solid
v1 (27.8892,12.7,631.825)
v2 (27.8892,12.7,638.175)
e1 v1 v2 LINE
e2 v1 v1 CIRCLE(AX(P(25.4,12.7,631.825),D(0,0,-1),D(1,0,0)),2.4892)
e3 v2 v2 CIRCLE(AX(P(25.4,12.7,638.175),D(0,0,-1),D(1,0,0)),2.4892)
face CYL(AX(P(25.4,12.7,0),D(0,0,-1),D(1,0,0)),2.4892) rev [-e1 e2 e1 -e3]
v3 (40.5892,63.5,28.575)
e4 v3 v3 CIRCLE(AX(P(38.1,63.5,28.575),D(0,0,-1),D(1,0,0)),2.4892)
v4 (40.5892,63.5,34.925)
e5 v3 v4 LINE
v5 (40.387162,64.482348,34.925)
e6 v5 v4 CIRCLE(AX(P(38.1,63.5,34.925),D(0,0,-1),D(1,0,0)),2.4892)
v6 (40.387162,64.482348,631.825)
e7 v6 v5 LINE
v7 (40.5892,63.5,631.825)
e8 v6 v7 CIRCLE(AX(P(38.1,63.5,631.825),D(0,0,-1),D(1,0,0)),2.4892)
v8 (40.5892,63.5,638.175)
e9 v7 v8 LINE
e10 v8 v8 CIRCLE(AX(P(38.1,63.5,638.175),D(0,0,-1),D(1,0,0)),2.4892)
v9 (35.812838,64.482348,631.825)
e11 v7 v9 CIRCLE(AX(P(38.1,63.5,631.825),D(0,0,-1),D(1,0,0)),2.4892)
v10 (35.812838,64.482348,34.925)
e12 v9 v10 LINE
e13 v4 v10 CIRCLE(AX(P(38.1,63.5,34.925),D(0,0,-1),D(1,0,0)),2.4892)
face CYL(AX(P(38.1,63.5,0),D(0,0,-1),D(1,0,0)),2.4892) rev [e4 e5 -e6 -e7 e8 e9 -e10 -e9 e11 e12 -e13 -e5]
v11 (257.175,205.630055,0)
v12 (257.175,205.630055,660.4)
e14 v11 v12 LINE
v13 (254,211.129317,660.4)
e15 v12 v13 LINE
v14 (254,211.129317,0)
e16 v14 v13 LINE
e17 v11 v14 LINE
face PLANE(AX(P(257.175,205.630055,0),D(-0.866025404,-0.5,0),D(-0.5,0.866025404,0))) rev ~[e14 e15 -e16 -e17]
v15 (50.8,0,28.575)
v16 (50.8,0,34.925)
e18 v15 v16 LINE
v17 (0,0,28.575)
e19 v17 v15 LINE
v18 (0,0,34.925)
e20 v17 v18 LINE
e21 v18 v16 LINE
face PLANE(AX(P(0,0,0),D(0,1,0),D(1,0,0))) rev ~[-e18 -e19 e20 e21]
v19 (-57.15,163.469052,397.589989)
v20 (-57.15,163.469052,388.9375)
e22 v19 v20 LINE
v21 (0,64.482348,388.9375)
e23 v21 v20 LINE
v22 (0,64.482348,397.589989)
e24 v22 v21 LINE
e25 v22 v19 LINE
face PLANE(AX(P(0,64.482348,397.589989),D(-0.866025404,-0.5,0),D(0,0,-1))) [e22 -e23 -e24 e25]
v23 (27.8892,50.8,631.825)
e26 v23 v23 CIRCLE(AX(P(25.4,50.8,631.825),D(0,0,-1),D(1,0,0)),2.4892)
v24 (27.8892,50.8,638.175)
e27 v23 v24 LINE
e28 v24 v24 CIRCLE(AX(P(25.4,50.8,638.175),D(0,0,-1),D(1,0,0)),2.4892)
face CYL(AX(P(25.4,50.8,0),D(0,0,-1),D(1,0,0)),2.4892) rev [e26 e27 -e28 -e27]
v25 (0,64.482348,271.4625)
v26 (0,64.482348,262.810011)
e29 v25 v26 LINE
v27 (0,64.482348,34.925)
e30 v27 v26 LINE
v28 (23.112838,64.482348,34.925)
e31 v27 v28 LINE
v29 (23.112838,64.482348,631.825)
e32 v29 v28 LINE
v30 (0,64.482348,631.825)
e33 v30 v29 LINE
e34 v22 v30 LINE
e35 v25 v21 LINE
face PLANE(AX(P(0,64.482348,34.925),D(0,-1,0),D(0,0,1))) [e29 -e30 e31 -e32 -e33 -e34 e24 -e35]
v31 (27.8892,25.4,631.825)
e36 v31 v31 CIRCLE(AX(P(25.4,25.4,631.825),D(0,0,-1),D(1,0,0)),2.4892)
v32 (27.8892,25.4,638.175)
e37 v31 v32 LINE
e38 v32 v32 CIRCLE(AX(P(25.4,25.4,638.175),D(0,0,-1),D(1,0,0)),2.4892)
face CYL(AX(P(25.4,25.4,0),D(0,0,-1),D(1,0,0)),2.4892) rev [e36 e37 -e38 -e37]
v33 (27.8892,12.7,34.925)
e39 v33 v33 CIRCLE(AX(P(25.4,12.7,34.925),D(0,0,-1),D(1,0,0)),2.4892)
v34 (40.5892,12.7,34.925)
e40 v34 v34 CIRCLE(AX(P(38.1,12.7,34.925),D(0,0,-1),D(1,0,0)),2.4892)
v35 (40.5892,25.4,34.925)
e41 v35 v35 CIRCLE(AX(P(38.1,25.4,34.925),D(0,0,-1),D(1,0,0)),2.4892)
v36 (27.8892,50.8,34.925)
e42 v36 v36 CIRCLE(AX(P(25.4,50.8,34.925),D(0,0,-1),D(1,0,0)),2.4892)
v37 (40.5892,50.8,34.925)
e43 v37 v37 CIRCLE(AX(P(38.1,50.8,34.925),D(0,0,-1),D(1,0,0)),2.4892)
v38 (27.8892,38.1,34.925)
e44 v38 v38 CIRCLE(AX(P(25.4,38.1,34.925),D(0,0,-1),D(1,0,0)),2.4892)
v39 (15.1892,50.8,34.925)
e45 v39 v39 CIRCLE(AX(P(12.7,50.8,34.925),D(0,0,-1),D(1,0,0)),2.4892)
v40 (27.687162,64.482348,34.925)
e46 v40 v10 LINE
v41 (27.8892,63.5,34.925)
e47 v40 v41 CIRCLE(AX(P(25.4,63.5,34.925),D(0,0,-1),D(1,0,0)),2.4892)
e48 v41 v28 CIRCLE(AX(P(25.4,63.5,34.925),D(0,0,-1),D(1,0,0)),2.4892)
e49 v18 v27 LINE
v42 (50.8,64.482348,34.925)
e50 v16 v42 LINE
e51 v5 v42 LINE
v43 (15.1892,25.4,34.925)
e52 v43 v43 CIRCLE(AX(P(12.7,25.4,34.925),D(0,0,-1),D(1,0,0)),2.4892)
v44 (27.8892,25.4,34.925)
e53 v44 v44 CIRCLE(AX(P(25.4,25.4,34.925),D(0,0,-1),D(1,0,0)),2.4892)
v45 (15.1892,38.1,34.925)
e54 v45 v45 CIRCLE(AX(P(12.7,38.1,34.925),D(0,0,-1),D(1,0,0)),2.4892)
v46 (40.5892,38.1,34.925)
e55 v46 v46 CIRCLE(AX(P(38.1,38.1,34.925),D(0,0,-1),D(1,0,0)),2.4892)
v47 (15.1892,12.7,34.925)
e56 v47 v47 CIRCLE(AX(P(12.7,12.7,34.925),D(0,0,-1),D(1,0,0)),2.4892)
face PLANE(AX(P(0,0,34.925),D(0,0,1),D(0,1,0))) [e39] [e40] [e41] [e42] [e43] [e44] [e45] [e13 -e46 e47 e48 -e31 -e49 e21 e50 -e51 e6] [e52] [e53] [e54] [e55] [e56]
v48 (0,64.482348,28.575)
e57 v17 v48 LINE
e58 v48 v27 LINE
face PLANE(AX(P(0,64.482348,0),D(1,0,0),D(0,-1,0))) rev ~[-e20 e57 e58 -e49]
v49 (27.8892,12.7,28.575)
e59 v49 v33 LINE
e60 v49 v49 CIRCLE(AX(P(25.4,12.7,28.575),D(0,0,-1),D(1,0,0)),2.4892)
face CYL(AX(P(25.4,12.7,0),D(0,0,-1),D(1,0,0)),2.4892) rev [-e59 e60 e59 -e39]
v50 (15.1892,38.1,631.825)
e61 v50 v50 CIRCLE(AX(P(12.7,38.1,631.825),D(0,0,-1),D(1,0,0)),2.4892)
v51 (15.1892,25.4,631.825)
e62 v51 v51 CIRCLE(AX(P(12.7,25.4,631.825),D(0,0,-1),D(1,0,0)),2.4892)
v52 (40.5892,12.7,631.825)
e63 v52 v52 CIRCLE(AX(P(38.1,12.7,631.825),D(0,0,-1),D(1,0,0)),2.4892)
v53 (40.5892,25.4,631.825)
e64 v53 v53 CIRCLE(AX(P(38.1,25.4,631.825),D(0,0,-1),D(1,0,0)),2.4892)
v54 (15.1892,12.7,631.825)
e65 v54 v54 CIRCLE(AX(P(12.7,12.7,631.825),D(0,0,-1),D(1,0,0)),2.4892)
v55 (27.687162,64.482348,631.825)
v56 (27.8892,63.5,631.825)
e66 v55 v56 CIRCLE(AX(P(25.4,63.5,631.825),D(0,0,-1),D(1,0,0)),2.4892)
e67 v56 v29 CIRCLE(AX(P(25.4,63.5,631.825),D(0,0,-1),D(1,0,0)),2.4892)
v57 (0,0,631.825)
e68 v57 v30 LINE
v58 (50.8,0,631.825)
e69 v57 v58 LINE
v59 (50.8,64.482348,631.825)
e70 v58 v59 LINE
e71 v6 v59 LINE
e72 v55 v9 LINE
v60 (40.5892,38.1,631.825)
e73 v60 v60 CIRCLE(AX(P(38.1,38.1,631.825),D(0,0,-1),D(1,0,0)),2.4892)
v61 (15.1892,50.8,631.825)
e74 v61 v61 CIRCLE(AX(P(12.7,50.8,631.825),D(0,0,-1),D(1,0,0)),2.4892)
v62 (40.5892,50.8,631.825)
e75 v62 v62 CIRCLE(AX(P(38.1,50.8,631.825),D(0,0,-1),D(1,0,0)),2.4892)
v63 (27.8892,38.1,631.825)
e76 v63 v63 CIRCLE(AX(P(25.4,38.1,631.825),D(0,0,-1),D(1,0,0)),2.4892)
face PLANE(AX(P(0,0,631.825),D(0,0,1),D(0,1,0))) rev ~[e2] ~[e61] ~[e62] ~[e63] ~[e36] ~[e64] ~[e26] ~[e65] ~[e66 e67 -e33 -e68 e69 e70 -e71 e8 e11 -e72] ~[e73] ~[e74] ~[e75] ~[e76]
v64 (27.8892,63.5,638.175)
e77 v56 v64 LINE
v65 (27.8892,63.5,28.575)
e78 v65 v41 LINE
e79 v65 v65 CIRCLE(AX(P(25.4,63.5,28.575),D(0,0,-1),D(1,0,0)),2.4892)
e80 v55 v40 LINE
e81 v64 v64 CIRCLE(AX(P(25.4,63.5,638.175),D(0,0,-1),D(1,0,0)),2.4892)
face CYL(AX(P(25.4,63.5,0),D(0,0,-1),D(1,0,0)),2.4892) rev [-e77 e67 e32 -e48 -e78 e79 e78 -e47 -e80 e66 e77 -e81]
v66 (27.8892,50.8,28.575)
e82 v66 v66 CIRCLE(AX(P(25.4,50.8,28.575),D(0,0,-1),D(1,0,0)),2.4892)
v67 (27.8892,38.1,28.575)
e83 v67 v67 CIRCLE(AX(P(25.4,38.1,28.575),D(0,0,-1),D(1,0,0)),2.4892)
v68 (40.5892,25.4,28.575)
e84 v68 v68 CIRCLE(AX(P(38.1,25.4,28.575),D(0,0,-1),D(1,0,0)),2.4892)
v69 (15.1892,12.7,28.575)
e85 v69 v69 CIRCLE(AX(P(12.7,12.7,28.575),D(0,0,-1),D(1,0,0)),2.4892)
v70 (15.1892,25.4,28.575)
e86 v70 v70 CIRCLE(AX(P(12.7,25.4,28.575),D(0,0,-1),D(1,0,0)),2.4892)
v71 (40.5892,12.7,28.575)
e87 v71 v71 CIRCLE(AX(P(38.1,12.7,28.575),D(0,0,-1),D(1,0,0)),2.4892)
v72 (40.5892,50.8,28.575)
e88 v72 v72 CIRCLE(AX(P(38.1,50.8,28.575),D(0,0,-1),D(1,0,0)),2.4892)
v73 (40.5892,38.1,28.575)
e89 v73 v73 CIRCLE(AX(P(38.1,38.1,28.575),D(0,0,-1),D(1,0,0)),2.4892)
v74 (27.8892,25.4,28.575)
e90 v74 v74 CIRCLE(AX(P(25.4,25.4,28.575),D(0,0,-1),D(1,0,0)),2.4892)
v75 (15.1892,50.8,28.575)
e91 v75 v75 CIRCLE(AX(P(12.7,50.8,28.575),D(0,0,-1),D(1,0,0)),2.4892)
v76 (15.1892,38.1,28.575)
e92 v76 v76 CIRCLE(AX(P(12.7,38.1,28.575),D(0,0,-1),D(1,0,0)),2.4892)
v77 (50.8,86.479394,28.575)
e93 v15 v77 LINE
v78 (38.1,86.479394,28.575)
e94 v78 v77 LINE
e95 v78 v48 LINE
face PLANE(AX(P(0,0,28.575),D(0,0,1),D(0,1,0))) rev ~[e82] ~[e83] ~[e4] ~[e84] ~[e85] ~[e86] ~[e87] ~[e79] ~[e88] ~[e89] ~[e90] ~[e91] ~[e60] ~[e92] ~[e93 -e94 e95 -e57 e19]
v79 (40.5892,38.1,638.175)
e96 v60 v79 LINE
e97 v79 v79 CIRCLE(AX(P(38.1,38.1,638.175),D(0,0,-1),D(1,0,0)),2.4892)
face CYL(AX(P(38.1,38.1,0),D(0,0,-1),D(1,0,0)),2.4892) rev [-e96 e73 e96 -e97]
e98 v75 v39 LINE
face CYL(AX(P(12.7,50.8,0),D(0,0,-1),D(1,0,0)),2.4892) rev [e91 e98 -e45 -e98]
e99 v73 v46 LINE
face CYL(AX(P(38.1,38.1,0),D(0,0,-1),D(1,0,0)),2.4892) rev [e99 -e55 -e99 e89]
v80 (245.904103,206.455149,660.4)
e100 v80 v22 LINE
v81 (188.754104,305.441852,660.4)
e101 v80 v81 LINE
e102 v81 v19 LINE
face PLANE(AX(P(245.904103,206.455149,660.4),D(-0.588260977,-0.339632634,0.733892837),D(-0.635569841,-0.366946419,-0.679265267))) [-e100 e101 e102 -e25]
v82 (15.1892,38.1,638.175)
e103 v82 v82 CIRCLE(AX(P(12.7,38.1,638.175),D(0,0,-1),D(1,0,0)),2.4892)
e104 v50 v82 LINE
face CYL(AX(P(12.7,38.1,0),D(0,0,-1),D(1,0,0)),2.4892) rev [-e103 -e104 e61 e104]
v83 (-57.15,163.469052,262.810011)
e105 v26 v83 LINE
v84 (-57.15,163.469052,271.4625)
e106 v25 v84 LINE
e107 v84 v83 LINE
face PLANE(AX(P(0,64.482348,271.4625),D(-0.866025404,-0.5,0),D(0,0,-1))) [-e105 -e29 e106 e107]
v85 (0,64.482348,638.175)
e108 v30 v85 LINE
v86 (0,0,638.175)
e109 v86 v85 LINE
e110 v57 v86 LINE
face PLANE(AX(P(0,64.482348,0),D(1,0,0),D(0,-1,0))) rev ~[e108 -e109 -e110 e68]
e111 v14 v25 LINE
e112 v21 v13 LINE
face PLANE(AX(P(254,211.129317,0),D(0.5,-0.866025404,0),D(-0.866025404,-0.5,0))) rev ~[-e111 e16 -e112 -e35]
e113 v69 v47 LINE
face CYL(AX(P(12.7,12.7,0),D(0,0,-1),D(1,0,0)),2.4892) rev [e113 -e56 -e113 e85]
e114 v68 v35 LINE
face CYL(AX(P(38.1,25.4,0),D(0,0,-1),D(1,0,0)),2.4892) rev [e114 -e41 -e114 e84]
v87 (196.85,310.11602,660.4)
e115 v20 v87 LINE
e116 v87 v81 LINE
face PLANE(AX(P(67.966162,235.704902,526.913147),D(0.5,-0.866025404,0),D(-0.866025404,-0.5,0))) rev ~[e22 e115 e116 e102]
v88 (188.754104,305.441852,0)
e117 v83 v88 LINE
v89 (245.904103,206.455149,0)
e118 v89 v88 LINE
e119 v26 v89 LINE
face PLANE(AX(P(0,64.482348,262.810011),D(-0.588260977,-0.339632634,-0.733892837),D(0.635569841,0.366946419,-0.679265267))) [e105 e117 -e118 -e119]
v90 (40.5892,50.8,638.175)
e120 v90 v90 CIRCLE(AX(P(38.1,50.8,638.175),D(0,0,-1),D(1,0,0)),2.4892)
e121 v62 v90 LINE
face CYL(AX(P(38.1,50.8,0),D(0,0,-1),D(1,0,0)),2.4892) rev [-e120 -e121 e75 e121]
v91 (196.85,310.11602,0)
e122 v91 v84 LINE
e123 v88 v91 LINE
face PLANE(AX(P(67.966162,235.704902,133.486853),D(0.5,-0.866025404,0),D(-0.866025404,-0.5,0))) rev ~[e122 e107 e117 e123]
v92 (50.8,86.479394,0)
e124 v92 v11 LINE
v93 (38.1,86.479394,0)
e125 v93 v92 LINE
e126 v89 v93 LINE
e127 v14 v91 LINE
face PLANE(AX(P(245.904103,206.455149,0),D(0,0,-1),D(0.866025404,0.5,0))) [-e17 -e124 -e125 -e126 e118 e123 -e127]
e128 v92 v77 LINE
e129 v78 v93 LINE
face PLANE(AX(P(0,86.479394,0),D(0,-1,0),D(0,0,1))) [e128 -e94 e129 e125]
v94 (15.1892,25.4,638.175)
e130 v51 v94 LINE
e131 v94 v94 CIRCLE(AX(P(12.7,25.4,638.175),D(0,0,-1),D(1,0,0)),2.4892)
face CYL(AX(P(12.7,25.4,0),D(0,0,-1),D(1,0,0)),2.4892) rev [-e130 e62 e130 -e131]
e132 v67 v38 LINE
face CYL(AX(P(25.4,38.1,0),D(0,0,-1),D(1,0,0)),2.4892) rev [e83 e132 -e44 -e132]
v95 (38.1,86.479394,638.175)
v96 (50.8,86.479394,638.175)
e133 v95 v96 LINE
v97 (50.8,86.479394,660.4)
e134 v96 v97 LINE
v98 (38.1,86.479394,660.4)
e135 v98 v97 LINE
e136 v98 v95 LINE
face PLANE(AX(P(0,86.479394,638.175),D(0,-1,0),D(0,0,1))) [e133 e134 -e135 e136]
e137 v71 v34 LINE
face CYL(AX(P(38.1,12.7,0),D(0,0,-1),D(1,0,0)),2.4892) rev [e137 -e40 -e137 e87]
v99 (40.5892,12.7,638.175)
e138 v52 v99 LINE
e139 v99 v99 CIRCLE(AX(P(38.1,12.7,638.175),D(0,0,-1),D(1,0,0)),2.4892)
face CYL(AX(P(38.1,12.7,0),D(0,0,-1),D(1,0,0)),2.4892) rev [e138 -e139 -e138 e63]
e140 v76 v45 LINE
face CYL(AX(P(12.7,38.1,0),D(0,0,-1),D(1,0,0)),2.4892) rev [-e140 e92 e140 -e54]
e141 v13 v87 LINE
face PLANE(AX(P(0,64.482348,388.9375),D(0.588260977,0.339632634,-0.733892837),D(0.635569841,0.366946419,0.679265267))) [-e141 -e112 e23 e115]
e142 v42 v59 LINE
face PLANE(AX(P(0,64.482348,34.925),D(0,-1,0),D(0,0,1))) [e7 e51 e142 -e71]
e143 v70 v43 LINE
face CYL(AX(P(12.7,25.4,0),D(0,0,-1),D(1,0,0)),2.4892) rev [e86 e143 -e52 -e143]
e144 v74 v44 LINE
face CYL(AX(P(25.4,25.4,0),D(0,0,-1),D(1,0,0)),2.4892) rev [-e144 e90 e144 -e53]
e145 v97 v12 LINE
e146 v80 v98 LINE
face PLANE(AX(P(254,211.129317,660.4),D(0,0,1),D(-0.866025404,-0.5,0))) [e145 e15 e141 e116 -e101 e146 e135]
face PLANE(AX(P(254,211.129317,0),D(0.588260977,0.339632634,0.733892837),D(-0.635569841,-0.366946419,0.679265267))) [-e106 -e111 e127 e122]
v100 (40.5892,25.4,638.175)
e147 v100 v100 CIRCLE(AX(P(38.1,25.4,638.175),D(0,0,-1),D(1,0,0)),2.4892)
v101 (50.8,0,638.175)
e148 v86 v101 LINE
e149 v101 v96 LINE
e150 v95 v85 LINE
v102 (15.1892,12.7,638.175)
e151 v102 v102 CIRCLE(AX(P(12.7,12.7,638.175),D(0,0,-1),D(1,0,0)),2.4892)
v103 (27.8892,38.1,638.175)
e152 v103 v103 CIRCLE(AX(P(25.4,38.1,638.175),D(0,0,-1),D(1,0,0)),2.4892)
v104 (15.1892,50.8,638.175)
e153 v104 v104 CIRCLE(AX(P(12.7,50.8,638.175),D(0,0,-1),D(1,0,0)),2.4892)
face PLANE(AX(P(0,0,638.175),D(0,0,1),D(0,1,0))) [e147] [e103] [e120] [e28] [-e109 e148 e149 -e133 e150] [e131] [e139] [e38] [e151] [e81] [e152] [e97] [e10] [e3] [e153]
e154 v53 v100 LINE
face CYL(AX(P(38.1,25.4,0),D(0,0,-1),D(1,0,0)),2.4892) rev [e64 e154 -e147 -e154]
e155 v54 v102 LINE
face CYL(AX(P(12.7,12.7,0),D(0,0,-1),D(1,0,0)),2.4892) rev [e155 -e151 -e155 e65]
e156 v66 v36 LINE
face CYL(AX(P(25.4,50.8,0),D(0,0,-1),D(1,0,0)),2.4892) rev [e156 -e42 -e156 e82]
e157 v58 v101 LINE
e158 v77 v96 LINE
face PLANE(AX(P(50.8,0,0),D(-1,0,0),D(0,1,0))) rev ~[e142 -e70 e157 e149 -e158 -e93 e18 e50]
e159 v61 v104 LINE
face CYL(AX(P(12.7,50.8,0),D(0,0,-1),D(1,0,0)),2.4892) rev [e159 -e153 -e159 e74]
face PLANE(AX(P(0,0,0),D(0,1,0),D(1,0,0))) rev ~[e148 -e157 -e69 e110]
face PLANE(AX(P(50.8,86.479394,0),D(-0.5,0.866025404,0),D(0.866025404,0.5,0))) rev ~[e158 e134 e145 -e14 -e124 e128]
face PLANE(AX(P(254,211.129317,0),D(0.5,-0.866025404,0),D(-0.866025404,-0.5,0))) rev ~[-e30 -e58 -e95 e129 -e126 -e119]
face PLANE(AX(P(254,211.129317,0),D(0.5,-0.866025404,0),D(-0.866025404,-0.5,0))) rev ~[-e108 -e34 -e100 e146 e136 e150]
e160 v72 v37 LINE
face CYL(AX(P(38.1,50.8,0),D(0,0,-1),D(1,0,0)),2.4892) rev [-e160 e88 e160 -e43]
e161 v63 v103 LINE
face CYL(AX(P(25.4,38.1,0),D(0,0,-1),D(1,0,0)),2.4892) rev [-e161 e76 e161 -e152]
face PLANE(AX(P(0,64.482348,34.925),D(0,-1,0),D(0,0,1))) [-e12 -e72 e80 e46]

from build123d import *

# Parameters (mm, degrees)
SKETCH1_R           = 2.4892
BOSS_EXTRUDE1_DEPTH = 660.4
SKETCH2_W           = 596.9
SKETCH2_H           = 64.482348419
SKETCH2_W_2         = 28.575
SKETCH2_H_2         = 86.479393675
SKETCH2_W_3         = 22.225
CUT_EXTRUDE1_DEPTH  = 660.4
BOSS_EXTRUDE3_DEPTH = 114.3


with BuildPart() as part:
    # Sketch1 → Boss-Extrude1 (new body)
    with BuildSketch(Plane.XY):
        Polygon((0, 64.482348419), (0, 0), (50.8, 0), (50.8, 86.479393675), (257.175, 205.630055479), (254, 211.129316793), align=None)
        with Locations((38.1, 63.5)):
            Circle(SKETCH1_R, mode=Mode.SUBTRACT)
        with Locations((12.7, 12.7)):
            Circle(SKETCH1_R, mode=Mode.SUBTRACT)
        with Locations((25.4, 12.7)):
            Circle(SKETCH1_R, mode=Mode.SUBTRACT)
        with Locations((12.7, 25.4)):
            Circle(SKETCH1_R, mode=Mode.SUBTRACT)
        with Locations((25.4, 25.4)):
            Circle(SKETCH1_R, mode=Mode.SUBTRACT)
        with Locations((38.1, 12.7)):
            Circle(SKETCH1_R, mode=Mode.SUBTRACT)
        with Locations((38.1, 25.4)):
            Circle(SKETCH1_R, mode=Mode.SUBTRACT)
        with Locations((12.7, 38.1)):
            Circle(SKETCH1_R, mode=Mode.SUBTRACT)
        with Locations((25.4, 38.1)):
            Circle(SKETCH1_R, mode=Mode.SUBTRACT)
        with Locations((12.7, 50.8)):
            Circle(SKETCH1_R, mode=Mode.SUBTRACT)
        with Locations((25.4, 50.8)):
            Circle(SKETCH1_R, mode=Mode.SUBTRACT)
        with Locations((38.1, 38.1)):
            Circle(SKETCH1_R, mode=Mode.SUBTRACT)
        with Locations((38.1, 50.8)):
            Circle(SKETCH1_R, mode=Mode.SUBTRACT)
        with Locations((25.4, 63.5)):
            Circle(SKETCH1_R, mode=Mode.SUBTRACT)
    extrude(amount=BOSS_EXTRUDE1_DEPTH)

    # Sketch2 → Cut-Extrude1 (cut)
    with BuildSketch(Plane.ZY):
        with Locations((333.375, 32.24117421)):
            Rectangle(SKETCH2_W, SKETCH2_H)
        with Locations((14.2875, 43.239696838)):
            Rectangle(SKETCH2_W_2, SKETCH2_H_2)
        with Locations((649.2875, 43.239696838)):
            Rectangle(SKETCH2_W_3, SKETCH2_H_2)
    extrude(amount=-CUT_EXTRUDE1_DEPTH, mode=Mode.SUBTRACT)

    # Sketch4 → Boss-Extrude3 (add)
    with BuildSketch(Plane(origin=(-27.921675913, 48.361761314, 0), x_dir=(0.866025404, 0.5, 0), z_dir=(-0.5, 0.866025404, 0))):
        Polygon((325.535110958, 0), (32.241174209, -271.4625), (32.241174209, -262.810010594), (316.186774887, 0), align=None)
        Polygon((325.535110958, -660.4), (316.186774887, -660.4), (32.241174209, -397.589989406), (32.241174209, -388.9375), align=None)
    extrude(amount=BOSS_EXTRUDE3_DEPTH)


solid = part.part
